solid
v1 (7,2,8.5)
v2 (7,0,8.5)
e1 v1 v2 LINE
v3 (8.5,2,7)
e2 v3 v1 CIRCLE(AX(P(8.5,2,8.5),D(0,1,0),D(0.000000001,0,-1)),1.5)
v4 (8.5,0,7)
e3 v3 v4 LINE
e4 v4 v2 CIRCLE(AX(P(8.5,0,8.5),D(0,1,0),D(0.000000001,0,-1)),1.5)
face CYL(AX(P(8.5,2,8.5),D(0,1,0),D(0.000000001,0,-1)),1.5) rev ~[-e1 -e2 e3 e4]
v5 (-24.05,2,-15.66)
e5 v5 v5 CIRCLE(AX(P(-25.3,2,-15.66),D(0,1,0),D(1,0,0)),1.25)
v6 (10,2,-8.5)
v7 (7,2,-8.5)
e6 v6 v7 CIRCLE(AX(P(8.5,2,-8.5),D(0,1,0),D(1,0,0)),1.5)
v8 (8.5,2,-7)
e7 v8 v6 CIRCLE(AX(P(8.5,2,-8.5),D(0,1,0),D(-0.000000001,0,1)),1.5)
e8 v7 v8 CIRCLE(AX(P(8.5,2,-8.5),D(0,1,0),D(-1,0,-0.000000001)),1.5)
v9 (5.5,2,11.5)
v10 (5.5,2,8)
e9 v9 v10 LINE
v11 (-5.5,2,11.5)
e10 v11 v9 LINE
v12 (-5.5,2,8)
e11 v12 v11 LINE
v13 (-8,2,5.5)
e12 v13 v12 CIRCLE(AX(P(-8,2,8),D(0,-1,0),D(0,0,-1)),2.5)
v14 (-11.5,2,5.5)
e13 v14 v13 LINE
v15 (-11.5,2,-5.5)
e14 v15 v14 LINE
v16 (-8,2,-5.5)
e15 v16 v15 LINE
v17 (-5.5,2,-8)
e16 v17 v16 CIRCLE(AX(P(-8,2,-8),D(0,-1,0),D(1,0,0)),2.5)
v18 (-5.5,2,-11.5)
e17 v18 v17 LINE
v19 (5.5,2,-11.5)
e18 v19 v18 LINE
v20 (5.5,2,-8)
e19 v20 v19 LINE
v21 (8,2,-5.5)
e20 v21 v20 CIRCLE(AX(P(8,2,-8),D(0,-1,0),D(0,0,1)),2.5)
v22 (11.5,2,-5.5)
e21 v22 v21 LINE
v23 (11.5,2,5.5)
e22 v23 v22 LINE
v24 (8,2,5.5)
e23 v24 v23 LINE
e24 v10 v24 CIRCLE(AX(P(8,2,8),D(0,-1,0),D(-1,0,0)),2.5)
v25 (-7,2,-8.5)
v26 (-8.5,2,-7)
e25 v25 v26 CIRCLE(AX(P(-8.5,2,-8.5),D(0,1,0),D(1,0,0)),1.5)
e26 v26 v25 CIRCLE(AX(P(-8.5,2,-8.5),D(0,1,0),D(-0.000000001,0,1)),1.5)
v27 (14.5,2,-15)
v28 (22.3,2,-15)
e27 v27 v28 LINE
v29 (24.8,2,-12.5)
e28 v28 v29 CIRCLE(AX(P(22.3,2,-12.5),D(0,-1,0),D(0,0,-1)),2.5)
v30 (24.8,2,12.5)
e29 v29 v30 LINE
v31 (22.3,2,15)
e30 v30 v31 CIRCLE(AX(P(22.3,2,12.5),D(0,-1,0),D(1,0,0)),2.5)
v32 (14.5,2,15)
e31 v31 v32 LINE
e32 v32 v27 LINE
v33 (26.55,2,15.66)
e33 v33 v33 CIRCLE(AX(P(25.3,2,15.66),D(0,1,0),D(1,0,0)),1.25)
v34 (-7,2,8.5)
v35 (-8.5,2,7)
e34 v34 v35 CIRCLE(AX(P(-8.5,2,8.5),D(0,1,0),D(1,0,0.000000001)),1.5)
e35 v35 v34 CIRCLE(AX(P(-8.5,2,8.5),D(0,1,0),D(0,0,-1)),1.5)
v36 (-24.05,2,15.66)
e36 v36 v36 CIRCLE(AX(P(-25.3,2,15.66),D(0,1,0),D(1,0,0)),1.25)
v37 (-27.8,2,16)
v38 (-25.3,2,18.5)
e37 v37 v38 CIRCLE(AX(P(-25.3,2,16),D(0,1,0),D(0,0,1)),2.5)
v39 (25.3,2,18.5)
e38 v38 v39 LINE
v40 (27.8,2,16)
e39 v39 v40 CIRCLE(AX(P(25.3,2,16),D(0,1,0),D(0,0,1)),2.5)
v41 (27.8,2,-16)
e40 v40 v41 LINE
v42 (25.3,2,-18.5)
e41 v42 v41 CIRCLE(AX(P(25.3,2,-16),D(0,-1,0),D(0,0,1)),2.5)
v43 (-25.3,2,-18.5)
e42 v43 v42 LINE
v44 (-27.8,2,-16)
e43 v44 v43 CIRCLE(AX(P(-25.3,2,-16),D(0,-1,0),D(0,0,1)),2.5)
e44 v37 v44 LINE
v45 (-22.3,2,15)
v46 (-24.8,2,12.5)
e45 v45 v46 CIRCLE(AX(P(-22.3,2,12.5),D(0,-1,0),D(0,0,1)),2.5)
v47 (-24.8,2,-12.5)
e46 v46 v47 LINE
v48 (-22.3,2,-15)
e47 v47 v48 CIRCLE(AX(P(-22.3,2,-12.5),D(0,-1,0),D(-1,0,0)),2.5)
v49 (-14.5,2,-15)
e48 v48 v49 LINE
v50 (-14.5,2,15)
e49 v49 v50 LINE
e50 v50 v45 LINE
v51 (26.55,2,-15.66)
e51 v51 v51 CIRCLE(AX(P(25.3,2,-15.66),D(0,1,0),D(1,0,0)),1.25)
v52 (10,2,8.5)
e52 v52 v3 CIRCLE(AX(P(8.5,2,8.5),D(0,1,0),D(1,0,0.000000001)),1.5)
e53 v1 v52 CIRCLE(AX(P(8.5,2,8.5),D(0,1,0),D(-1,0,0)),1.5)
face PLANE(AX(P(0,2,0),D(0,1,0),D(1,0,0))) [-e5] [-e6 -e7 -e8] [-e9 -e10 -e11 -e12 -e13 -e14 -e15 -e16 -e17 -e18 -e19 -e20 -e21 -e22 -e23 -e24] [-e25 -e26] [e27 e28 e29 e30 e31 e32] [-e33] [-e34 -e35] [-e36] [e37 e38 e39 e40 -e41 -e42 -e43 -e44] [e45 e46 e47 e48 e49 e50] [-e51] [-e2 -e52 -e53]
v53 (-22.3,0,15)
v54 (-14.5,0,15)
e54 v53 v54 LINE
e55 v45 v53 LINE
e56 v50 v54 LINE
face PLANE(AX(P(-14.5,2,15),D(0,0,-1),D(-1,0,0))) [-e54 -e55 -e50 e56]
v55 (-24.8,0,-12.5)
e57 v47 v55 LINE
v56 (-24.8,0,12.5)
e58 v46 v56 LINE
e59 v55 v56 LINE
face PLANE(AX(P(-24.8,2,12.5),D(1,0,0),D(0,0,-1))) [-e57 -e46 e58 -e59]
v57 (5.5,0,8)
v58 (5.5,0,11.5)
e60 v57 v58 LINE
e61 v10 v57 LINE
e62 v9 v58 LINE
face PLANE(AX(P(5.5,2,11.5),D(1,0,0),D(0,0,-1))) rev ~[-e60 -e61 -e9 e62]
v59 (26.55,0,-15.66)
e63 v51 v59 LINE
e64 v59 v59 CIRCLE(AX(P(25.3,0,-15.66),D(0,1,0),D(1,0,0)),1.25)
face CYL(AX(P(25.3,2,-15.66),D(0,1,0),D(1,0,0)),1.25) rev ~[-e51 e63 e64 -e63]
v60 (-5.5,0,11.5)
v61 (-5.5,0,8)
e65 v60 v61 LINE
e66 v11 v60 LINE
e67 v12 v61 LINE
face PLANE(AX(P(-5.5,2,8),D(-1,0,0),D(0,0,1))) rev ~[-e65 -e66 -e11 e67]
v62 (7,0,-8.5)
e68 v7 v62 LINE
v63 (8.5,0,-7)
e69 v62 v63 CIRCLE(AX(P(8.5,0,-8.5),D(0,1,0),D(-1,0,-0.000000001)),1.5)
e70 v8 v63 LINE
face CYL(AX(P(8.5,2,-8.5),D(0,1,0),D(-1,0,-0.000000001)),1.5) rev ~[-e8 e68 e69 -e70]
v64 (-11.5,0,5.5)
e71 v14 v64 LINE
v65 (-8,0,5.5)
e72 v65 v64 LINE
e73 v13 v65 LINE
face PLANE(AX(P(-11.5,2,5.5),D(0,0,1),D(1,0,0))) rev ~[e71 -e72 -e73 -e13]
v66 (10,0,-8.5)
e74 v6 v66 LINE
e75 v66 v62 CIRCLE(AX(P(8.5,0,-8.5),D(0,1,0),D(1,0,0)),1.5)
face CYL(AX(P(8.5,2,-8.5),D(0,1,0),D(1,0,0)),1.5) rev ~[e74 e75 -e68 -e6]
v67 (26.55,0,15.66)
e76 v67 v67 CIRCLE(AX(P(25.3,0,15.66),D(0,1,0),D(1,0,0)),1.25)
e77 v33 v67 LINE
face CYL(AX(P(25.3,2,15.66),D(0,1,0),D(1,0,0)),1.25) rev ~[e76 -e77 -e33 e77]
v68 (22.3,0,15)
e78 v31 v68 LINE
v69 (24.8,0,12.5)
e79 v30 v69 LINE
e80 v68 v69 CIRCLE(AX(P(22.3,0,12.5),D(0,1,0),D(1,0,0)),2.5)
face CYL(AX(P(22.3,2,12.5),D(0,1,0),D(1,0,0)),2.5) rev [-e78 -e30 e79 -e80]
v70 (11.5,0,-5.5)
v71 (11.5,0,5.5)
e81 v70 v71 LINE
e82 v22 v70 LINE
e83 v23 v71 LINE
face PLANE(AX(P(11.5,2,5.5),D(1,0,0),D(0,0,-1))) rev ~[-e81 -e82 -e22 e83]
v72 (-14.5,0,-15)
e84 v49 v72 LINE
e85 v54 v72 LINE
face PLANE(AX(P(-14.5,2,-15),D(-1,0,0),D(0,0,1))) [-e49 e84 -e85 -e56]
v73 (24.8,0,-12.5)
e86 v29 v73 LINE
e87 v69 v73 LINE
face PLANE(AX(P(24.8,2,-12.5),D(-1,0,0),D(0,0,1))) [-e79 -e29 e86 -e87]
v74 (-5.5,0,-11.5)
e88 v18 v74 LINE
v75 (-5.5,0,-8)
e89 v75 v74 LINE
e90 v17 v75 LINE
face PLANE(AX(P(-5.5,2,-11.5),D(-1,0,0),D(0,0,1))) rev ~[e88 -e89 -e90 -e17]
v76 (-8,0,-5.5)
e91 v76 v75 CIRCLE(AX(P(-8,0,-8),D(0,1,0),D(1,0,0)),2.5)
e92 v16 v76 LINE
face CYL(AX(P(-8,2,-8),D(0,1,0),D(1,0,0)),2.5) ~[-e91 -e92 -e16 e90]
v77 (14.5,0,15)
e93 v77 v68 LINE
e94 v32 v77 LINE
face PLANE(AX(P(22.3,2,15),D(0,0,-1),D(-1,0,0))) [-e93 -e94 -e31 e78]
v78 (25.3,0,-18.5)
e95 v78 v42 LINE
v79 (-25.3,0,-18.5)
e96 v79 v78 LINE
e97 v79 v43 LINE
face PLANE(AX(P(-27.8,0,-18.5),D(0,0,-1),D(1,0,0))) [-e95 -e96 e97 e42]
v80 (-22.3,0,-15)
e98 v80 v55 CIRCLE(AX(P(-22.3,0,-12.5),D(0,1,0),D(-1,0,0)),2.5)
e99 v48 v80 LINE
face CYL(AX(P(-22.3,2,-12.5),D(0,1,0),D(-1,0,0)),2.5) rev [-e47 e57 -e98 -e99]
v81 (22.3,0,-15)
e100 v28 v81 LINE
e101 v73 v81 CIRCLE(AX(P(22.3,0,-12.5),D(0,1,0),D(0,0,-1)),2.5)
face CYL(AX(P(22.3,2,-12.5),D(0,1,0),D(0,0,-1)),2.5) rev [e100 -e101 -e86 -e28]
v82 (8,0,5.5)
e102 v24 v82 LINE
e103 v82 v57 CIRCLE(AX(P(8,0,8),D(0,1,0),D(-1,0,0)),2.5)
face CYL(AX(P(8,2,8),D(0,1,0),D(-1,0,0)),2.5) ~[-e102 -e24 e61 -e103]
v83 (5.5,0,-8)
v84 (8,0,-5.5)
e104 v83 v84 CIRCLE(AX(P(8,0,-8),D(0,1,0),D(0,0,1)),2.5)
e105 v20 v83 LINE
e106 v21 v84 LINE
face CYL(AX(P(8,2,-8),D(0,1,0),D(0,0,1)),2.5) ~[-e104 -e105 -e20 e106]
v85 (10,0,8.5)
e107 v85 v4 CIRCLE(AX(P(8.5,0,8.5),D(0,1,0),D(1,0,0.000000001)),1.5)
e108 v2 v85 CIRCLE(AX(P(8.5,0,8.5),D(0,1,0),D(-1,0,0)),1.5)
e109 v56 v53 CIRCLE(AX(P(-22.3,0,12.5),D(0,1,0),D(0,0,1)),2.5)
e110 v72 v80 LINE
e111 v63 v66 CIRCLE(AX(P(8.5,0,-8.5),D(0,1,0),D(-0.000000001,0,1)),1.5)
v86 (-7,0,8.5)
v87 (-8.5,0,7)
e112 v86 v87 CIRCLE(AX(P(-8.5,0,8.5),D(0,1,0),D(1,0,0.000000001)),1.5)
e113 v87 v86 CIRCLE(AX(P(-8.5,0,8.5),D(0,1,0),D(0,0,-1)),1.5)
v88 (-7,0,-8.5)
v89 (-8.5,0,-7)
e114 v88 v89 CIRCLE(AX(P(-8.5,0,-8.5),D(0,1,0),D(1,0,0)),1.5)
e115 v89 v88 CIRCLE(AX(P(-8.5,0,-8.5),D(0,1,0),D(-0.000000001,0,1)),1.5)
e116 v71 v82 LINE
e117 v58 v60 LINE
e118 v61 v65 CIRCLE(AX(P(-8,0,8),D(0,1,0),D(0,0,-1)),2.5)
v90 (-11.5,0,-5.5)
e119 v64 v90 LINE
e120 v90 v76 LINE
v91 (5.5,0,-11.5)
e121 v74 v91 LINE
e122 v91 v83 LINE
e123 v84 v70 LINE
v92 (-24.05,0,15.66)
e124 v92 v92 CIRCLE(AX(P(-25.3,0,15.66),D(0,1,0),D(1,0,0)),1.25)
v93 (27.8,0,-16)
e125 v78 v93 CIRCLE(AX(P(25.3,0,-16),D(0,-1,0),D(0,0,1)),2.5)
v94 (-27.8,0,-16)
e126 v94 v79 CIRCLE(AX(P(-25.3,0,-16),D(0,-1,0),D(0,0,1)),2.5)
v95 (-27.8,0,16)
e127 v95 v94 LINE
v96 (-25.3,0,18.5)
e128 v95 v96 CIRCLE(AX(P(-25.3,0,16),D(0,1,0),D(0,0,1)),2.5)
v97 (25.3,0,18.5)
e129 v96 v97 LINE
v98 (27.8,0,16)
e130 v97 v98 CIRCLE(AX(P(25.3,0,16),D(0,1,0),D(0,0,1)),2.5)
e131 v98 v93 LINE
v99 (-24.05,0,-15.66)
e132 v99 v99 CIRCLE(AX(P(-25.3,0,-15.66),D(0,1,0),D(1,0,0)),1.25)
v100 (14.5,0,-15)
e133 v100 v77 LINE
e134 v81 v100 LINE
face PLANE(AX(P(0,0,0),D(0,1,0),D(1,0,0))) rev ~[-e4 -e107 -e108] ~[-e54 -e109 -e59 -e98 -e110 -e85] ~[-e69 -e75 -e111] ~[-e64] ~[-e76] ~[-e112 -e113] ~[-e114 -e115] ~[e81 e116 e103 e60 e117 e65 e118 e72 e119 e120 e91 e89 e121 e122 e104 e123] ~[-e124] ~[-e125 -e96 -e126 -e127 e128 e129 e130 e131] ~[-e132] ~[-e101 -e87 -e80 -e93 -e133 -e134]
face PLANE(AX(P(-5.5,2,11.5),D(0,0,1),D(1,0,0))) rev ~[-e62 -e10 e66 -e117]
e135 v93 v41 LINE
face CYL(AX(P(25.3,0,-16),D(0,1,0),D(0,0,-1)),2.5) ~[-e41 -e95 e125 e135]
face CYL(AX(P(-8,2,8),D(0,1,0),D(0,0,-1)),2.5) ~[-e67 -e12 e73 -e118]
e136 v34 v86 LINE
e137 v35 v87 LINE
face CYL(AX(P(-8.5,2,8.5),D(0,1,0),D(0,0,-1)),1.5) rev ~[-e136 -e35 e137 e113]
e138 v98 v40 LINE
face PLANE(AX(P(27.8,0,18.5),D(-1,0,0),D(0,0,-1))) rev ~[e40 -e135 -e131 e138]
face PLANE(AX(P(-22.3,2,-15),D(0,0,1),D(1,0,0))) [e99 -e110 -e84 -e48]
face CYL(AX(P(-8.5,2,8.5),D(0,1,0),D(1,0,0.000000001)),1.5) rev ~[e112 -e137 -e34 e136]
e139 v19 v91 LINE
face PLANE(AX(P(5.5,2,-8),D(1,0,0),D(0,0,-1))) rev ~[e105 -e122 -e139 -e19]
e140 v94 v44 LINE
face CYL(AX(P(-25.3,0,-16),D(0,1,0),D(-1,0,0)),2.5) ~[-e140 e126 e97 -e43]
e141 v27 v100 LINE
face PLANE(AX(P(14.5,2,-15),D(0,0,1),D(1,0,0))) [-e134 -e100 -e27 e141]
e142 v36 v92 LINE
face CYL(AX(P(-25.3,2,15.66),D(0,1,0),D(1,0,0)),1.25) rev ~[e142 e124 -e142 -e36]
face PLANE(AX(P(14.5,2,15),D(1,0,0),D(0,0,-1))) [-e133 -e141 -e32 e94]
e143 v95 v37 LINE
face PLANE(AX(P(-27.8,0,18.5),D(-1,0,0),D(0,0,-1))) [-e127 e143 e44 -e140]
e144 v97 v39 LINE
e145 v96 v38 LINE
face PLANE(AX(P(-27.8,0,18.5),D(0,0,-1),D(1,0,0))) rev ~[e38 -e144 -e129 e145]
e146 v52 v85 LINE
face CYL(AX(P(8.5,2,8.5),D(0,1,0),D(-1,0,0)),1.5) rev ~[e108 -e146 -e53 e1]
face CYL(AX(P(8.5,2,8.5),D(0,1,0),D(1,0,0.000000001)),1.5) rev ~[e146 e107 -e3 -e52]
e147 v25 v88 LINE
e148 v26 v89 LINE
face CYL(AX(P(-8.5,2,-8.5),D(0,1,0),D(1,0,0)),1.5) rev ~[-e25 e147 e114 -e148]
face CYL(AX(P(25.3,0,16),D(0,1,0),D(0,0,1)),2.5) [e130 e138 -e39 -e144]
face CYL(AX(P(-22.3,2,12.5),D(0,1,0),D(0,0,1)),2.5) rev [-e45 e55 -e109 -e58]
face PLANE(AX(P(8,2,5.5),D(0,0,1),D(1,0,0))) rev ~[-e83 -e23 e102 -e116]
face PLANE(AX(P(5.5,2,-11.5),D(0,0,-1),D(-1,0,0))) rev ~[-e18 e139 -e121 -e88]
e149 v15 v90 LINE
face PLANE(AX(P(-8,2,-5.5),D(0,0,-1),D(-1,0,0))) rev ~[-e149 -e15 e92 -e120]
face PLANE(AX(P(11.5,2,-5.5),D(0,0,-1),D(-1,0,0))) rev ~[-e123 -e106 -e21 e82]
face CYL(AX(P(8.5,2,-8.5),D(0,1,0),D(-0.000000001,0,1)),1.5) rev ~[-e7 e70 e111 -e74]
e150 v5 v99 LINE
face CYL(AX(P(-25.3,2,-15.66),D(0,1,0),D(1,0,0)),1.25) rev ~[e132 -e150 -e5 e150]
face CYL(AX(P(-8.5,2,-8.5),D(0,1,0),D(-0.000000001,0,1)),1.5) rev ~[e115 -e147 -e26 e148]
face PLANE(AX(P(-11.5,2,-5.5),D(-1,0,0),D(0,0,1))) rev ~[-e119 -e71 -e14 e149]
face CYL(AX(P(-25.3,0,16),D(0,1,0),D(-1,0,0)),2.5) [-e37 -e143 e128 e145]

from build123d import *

# Parameters (mm, degrees)
SKETCH1_W           = 55.6
SKETCH1_H           = 37
BOSS_EXTRUDE1_DEPTH = 2
CUT_EXTRUDE2_REACH  = 4
FILLET2_R           = 2.5
CUT_EXTRUDE3_REACH  = 4
CUT_EXTRUDE4_REACH  = 4
SKETCH7_R           = 1.25
CUT_EXTRUDE5_DEPTH  = 10


with BuildPart() as part:
    # Sketch1 → Boss-Extrude1 (new body)
    with BuildSketch(Plane(origin=(0, 0, 0), x_dir=(1, 0, 0), z_dir=(0, 1, 0))):
        Rectangle(SKETCH1_W, SKETCH1_H)
    extrude(amount=BOSS_EXTRUDE1_DEPTH)

    # Sketch5 → Cut-Extrude2 (cut, up to next)
    with BuildSketch(Plane(origin=(0, 2, 0), x_dir=(1, 0, 0), z_dir=(0, 1, 0)), mode=Mode.PRIVATE) as cut_extrude2_sk1:
        with BuildLine():
            Line((5.5, 11.5), (-5.5, 11.5))
            Line((-5.5, 11.5), (-5.5, 8))
            ThreePointArc((-5.5, 8), (-6.232233047, 6.232233047), (-8, 5.5))
            Line((-8, 5.5), (-11.5, 5.5))
            Line((-11.5, 5.5), (-11.5, -5.5))
            Line((-11.5, -5.5), (-8, -5.5))
            ThreePointArc((-8, -5.5), (-6.232233047, -6.232233047), (-5.5, -8))
            Line((-5.5, -8), (-5.5, -11.5))
            Line((-5.5, -11.5), (5.5, -11.5))
            Line((5.5, -11.5), (5.5, -8))
            ThreePointArc((5.5, -8), (6.232233047, -6.232233047), (8, -5.5))
            Line((8, -5.5), (11.5, -5.5))
            Line((11.5, -5.5), (11.5, 5.5))
            Line((11.5, 5.5), (8, 5.5))
            ThreePointArc((8, 5.5), (6.232233047, 6.232233047), (5.5, 8))
            Line((5.5, 8), (5.5, 11.5))
        make_face()
    cut_extrude2_tool1 = extrude(cut_extrude2_sk1.sketch, amount=-CUT_EXTRUDE2_REACH, mode=Mode.PRIVATE) & part.part
    add(cut_extrude2_tool1.solids().sort_by_distance((0, 2, 0))[0], mode=Mode.SUBTRACT)

    # Fillet2
    fillet2_edges = [part.edges().sort_by_distance(p)[0] for p in [
        (27.8, 1, 18.5),
        (-27.8, 1, 18.5),
        (-27.8, 1, -18.5),
        (27.8, 1, -18.5),
    ]]
    fillet(fillet2_edges, radius=FILLET2_R)

    # Sketch6 → Cut-Extrude3 (cut, up to next)
    with BuildSketch(Plane(origin=(0, 2, 0), x_dir=(1, 0, 0), z_dir=(0, 1, 0)), mode=Mode.PRIVATE) as cut_extrude3_sk1:
        with BuildLine():
            Line((-22.3, 15), (-14.5, 15))
            Line((-14.5, 15), (-14.5, -15))
            Line((-14.5, -15), (-22.3, -15))
            ThreePointArc((-22.3, -15), (-24.067766953, -14.267766953), (-24.8, -12.5))
            Line((-24.8, -12.5), (-24.8, 12.5))
            ThreePointArc((-24.8, 12.5), (-24.067766953, 14.267766953), (-22.3, 15))
        make_face()
    cut_extrude3_tool1 = extrude(cut_extrude3_sk1.sketch, amount=-CUT_EXTRUDE3_REACH, mode=Mode.PRIVATE) & part.part
    add(cut_extrude3_tool1.solids().sort_by_distance((-19.60979, 2, 0))[0], mode=Mode.SUBTRACT)
    # Sketch6 → Cut-Extrude3 (cut, up to next)
    with BuildSketch(Plane(origin=(0, 2, 0), x_dir=(1, 0, 0), z_dir=(0, 1, 0)), mode=Mode.PRIVATE) as cut_extrude3_sk2:
        with BuildLine():
            Line((22.3, -15), (14.5, -15))
            Line((14.5, -15), (14.5, 15))
            Line((14.5, 15), (22.3, 15))
            ThreePointArc((22.3, 15), (24.067766953, 14.267766953), (24.8, 12.5))
            Line((24.8, 12.5), (24.8, -12.5))
            ThreePointArc((24.8, -12.5), (24.067766953, -14.267766953), (22.3, -15))
        make_face()
    cut_extrude3_tool2 = extrude(cut_extrude3_sk2.sketch, amount=-CUT_EXTRUDE3_REACH, mode=Mode.PRIVATE) & part.part
    add(cut_extrude3_tool2.solids().sort_by_distance((19.60979, 2, 0))[0], mode=Mode.SUBTRACT)

    # Sketch7 → Cut-Extrude4 (cut, up to next)
    with BuildSketch(Plane(origin=(0, 2, 0), x_dir=(1, 0, 0), z_dir=(0, 1, 0)), mode=Mode.PRIVATE) as cut_extrude4_sk1:
        with Locations((-25.3, 15.66)):
            Circle(SKETCH7_R)
    cut_extrude4_tool1 = extrude(cut_extrude4_sk1.sketch, amount=-CUT_EXTRUDE4_REACH, mode=Mode.PRIVATE) & part.part
    add(cut_extrude4_tool1.solids().sort_by_distance((-25.3, 2, -15.66))[0], mode=Mode.SUBTRACT)
    # Sketch7 → Cut-Extrude4 (cut, up to next)
    with BuildSketch(Plane(origin=(0, 2, 0), x_dir=(1, 0, 0), z_dir=(0, 1, 0)), mode=Mode.PRIVATE) as cut_extrude4_sk2:
        with Locations((25.3, 15.66)):
            Circle(SKETCH7_R)
    cut_extrude4_tool2 = extrude(cut_extrude4_sk2.sketch, amount=-CUT_EXTRUDE4_REACH, mode=Mode.PRIVATE) & part.part
    add(cut_extrude4_tool2.solids().sort_by_distance((25.3, 2, -15.66))[0], mode=Mode.SUBTRACT)
    # Sketch7 → Cut-Extrude4 (cut, up to next)
    with BuildSketch(Plane(origin=(0, 2, 0), x_dir=(1, 0, 0), z_dir=(0, 1, 0)), mode=Mode.PRIVATE) as cut_extrude4_sk3:
        with Locations((25.3, -15.66)):
            Circle(SKETCH7_R)
    cut_extrude4_tool3 = extrude(cut_extrude4_sk3.sketch, amount=-CUT_EXTRUDE4_REACH, mode=Mode.PRIVATE) & part.part
    add(cut_extrude4_tool3.solids().sort_by_distance((25.3, 2, 15.66))[0], mode=Mode.SUBTRACT)
    # Sketch7 → Cut-Extrude4 (cut, up to next)
    with BuildSketch(Plane(origin=(0, 2, 0), x_dir=(1, 0, 0), z_dir=(0, 1, 0)), mode=Mode.PRIVATE) as cut_extrude4_sk4:
        with Locations((-25.3, -15.66)):
            Circle(SKETCH7_R)
    cut_extrude4_tool4 = extrude(cut_extrude4_sk4.sketch, amount=-CUT_EXTRUDE4_REACH, mode=Mode.PRIVATE) & part.part
    add(cut_extrude4_tool4.solids().sort_by_distance((-25.3, 2, 15.66))[0], mode=Mode.SUBTRACT)

    # Sketch3 → Cut-Extrude5 (cut)
    with BuildSketch(Plane(origin=(0, 2, 0), x_dir=(1, 0, 0), z_dir=(0, 1, 0))):
        with BuildLine():
            Line((-8.5, 7), (-8.5, 8.5))
            Line((-8.5, 8.5), (-7, 8.5))
            ThreePointArc((-7, 8.5), (-9.560660172, 9.560660172), (-8.5, 7))
        make_face()
        with BuildLine():
            Line((-7, 8.5), (-8.5, 8.5))
            Line((-8.5, 8.5), (-8.5, 7))
            ThreePointArc((-8.5, 7), (-7.439339828, 7.439339828), (-7, 8.5))
        make_face()
        with BuildLine():
            ThreePointArc((10, 8.5), (8.5, 10), (7, 8.5))
            Line((7, 8.5), (8.5, 8.5))
            Line((8.5, 8.5), (8.5, 7))
            ThreePointArc((8.5, 7), (9.560660172, 7.439339828), (10, 8.5))
        make_face()
        with BuildLine():
            Line((8.5, 8.5), (7, 8.5))
            ThreePointArc((7, 8.5), (7.439339828, 7.439339828), (8.5, 7))
            Line((8.5, 7), (8.5, 8.5))
        make_face()
        with BuildLine():
            ThreePointArc((-7, -8.5), (-7.439339828, -7.439339828), (-8.5, -7))
            Line((-8.5, -7), (-8.5, -8.5))
            Line((-8.5, -8.5), (-7, -8.5))
        make_face()
        with BuildLine():
            Line((-8.5, -8.5), (-8.5, -7))
            ThreePointArc((-8.5, -7), (-9.560660172, -9.560660172), (-7, -8.5))
            Line((-7, -8.5), (-8.5, -8.5))
        make_face()
        with BuildLine():
            ThreePointArc((10, -8.5), (9.560660172, -7.439339828), (8.5, -7))
            Line((8.5, -7), (8.5, -8.5))
            Line((8.5, -8.5), (7, -8.5))
            ThreePointArc((7, -8.5), (8.5, -10), (10, -8.5))
        make_face()
        with BuildLine():
            Line((8.5, -8.5), (8.5, -7))
            ThreePointArc((8.5, -7), (7.439339828, -7.439339828), (7, -8.5))
            Line((7, -8.5), (8.5, -8.5))
        make_face()
    extrude(amount=-CUT_EXTRUDE5_DEPTH, mode=Mode.SUBTRACT)


solid = part.part
